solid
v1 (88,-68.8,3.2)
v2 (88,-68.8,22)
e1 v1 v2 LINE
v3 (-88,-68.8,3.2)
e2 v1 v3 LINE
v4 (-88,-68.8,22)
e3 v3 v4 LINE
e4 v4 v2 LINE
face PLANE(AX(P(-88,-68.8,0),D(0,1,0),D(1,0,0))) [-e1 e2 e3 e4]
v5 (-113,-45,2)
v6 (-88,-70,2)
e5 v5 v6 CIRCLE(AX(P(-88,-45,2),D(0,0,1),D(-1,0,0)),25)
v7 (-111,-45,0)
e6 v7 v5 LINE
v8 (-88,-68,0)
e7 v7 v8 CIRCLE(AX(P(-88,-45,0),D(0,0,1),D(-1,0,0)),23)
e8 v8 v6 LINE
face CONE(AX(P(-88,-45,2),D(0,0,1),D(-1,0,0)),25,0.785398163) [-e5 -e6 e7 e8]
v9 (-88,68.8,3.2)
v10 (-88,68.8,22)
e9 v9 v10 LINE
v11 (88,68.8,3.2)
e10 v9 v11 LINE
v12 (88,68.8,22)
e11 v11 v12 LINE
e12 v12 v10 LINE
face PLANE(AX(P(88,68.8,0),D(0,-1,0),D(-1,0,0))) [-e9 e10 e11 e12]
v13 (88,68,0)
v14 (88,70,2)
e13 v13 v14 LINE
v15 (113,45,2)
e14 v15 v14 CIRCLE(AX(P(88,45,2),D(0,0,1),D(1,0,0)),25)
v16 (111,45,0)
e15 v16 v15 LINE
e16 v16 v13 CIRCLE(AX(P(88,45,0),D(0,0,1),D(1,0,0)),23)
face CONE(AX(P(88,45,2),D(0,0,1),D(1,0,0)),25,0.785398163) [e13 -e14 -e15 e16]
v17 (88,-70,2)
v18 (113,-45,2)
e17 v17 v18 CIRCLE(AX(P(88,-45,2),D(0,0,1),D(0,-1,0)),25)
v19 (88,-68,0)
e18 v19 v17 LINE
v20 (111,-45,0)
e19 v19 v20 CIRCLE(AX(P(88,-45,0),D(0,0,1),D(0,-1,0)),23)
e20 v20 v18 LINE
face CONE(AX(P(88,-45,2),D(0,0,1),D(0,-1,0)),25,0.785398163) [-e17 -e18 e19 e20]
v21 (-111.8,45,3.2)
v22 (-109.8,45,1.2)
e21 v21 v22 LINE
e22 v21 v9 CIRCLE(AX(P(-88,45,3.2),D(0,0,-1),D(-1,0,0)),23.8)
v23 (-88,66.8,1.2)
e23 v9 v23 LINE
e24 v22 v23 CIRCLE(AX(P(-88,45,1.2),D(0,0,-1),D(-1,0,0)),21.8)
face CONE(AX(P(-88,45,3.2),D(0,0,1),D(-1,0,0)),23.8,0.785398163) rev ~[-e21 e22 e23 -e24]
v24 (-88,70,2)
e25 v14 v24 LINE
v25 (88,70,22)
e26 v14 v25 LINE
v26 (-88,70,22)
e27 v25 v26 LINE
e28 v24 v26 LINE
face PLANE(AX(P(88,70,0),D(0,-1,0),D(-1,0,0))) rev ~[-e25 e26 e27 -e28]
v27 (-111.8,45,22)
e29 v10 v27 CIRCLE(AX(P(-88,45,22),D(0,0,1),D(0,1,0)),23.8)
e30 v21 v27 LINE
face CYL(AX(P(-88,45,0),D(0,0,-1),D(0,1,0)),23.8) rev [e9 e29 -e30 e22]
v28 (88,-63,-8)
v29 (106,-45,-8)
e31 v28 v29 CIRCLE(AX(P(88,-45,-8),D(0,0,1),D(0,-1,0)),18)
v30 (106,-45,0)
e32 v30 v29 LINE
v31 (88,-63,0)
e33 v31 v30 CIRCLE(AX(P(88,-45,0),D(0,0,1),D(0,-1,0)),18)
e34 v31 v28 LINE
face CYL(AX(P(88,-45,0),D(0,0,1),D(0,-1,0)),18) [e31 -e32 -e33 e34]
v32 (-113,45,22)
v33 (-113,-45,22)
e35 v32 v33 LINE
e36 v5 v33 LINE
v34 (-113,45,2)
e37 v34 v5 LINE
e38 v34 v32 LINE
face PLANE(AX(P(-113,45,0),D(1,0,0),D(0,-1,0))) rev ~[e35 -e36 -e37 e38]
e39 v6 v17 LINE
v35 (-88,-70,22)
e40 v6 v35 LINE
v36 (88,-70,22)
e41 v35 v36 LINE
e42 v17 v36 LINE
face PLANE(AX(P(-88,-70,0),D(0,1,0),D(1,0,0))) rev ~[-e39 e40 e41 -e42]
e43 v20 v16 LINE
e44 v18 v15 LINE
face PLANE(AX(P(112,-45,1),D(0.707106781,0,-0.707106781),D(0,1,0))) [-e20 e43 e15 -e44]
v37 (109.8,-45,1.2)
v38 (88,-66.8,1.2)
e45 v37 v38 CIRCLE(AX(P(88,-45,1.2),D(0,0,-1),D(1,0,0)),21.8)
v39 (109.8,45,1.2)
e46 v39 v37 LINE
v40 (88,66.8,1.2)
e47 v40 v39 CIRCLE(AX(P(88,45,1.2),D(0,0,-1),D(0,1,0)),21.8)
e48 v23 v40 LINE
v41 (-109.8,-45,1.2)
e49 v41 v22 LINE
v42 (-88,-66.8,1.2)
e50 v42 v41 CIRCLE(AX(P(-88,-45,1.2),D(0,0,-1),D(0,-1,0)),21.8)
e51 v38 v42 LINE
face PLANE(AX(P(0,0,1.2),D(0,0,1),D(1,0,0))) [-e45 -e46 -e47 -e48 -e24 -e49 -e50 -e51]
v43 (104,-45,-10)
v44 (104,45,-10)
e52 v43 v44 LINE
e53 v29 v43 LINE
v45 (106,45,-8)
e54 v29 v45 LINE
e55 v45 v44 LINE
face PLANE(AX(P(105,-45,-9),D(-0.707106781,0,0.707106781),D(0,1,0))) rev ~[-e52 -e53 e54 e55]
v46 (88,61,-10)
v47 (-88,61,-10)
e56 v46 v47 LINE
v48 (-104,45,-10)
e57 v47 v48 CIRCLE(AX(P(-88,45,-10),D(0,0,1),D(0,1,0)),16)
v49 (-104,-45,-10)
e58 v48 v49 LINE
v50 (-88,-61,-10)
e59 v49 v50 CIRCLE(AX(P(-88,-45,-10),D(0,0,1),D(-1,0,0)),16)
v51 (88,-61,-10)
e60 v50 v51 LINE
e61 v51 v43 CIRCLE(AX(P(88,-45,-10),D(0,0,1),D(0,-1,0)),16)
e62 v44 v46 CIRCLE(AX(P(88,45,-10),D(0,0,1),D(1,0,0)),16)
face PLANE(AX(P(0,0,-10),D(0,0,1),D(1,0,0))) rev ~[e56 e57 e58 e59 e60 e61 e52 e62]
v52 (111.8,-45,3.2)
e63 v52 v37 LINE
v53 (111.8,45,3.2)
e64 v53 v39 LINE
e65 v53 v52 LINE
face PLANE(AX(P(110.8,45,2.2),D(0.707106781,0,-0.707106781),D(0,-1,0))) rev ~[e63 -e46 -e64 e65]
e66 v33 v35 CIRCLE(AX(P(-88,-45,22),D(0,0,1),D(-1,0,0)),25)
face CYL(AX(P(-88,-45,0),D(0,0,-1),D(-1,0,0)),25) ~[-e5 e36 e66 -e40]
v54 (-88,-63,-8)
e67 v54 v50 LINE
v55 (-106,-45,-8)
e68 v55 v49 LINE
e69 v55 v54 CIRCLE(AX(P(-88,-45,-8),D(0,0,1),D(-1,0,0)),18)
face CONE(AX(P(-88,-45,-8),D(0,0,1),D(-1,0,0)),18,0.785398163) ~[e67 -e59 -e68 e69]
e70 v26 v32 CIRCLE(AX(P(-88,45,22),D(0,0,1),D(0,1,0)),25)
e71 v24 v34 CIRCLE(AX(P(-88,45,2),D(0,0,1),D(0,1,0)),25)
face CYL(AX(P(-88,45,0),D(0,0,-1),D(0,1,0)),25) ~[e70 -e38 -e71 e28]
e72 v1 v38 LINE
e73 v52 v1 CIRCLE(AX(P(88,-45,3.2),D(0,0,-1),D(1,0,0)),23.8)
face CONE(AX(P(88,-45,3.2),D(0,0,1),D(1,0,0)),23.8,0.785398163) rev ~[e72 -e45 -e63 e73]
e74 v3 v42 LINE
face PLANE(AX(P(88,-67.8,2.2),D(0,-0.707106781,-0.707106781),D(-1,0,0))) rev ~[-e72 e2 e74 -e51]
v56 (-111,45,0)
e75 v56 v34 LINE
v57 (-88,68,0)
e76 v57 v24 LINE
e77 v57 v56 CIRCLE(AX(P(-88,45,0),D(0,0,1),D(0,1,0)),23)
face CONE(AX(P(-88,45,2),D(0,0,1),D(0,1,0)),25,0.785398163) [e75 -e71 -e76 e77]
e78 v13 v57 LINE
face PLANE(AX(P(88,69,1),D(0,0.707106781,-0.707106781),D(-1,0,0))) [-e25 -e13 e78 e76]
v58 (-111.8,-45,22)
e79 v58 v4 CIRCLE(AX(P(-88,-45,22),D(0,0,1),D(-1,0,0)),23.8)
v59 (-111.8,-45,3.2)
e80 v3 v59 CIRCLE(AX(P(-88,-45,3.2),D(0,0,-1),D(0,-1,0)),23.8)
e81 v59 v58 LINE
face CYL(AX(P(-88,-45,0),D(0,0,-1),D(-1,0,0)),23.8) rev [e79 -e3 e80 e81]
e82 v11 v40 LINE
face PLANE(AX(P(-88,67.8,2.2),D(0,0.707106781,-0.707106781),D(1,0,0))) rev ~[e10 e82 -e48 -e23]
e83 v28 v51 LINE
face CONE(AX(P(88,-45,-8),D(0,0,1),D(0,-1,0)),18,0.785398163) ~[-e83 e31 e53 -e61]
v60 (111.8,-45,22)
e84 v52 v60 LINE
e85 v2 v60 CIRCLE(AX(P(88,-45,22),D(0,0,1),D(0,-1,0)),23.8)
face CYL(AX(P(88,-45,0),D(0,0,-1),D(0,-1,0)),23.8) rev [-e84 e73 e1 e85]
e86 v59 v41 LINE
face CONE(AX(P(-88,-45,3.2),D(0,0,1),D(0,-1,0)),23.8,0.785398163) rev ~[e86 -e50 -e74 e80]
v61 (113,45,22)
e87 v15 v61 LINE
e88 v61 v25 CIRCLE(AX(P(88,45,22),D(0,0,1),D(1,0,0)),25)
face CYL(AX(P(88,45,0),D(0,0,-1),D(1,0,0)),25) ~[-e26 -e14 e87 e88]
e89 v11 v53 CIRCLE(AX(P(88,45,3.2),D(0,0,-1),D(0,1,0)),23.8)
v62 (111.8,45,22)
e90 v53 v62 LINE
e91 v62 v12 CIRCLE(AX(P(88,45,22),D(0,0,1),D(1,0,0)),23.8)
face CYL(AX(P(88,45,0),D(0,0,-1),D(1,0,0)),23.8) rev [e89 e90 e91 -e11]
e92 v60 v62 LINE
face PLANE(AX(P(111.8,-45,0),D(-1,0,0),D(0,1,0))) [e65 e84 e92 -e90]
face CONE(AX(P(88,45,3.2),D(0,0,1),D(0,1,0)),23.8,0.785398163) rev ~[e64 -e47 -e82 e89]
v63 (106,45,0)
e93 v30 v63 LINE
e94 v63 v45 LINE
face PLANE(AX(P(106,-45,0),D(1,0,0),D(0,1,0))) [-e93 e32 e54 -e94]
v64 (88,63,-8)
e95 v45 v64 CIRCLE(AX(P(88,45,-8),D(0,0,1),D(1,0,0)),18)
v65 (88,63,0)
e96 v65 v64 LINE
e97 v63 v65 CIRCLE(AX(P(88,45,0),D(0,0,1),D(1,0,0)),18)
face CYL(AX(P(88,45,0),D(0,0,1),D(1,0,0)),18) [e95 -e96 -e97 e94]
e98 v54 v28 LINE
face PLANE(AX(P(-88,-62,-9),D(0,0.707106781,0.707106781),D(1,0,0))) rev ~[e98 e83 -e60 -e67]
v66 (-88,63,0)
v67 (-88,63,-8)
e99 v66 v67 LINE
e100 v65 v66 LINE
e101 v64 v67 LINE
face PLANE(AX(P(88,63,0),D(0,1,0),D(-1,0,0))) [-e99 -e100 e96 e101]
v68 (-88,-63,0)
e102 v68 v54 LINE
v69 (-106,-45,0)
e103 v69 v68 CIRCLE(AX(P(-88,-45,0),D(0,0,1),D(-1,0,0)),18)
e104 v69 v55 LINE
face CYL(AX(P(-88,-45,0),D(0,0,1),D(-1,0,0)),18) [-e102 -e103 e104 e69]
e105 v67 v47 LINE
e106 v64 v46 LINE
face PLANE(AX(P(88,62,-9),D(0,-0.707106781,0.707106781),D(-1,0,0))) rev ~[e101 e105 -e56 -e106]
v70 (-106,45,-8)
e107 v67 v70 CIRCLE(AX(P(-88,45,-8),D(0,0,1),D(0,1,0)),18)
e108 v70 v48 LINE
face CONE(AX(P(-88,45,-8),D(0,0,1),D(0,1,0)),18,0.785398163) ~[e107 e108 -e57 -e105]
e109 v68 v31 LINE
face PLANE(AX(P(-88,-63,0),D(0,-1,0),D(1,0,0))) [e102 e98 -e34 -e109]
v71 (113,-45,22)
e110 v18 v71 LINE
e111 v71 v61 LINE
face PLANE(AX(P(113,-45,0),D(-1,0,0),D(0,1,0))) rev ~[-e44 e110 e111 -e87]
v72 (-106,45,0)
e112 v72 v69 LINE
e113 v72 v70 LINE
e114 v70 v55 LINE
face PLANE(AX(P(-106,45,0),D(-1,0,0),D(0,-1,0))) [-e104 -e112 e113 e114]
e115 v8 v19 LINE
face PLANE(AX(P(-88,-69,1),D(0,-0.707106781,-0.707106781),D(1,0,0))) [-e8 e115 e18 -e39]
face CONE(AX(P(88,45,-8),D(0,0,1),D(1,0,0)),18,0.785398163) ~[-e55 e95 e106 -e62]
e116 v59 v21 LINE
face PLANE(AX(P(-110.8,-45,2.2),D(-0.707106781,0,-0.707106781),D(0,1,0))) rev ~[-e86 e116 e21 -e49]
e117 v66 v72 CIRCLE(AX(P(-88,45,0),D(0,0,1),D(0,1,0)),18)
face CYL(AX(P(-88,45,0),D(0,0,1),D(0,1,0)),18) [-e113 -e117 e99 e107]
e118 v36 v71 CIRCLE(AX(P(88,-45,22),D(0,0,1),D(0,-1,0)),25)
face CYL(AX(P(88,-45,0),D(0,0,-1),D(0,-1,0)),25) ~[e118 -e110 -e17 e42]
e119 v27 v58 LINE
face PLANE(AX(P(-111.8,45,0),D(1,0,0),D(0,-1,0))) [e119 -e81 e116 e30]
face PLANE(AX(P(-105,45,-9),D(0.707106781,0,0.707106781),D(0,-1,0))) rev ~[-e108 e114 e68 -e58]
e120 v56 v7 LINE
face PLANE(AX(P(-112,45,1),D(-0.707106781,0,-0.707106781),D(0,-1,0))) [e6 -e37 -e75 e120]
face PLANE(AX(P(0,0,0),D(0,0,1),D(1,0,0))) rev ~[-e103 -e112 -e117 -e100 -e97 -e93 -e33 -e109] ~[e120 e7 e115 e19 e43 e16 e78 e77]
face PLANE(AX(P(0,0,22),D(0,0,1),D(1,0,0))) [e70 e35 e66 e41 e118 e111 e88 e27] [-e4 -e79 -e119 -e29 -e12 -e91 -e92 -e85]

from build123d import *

# Parameters (mm, degrees)
F1_DEPTH = 22
F2_T     = -1.2
F3_DEPTH = 10
F4_SIZE  = 2
F5_SIZE  = 2


with BuildPart() as f1:
    # F0 (on Top) → F1 (new body)
    with BuildSketch(Plane.XY):
        with BuildLine():
            ThreePointArc((113, 45), (105.6776695297, 62.6776695297), (88, 70))
            Line((88, 70), (-88, 70))
            ThreePointArc((-88, 70), (-105.6776695297, 62.6776695297), (-113, 45))
            Line((-113, 45), (-113, -45))
            ThreePointArc((-113, -45), (-105.6776695297, -62.6776695297), (-88, -70))
            Line((-88, -70), (88, -70))
            ThreePointArc((88, -70), (105.6776695297, -62.6776695297), (113, -45))
            Line((113, -45), (113, 45))
        make_face()
        with BuildLine():
            ThreePointArc((106, -45), (100.7279220614, -57.7279220614), (88, -63))
            Line((88, -63), (-88, -63))
            ThreePointArc((-88, -63), (-100.7279220614, -57.7279220614), (-106, -45))
            Line((-106, -45), (-106, 45))
            ThreePointArc((-106, 45), (-100.7279220614, 57.7279220614), (-88, 63))
            Line((-88, 63), (88, 63))
            ThreePointArc((88, 63), (100.7279220614, 57.7279220614), (106, 45))
            Line((106, 45), (106, -45))
        make_face(mode=Mode.SUBTRACT)
        with BuildLine():
            Line((-88, -63), (88, -63))
            ThreePointArc((88, -63), (100.7279220614, -57.7279220614), (106, -45))
            Line((106, -45), (106, 45))
            ThreePointArc((106, 45), (100.7279220614, 57.7279220614), (88, 63))
            Line((88, 63), (-88, 63))
            ThreePointArc((-88, 63), (-100.7279220614, 57.7279220614), (-106, 45))
            Line((-106, 45), (-106, -45))
            ThreePointArc((-106, -45), (-100.7279220614, -57.7279220614), (-88, -63))
        make_face()
        with BuildLine():
            ThreePointArc((103.6, -45), (99.0308657865, -56.0308657865), (88, -60.6))
            Line((88, -60.6), (-88, -60.6))
            ThreePointArc((-88, -60.6), (-99.0308657865, -56.0308657865), (-103.6, -45))
            Line((-103.6, -45), (-103.6, 45))
            ThreePointArc((-103.6, 45), (-99.0308657865, 56.0308657865), (-88, 60.6))
            Line((-88, 60.6), (88, 60.6))
            ThreePointArc((88, 60.6), (99.0308657865, 56.0308657865), (103.6, 45))
            Line((103.6, 45), (103.6, -45))
        make_face(mode=Mode.SUBTRACT)
        with BuildLine():
            Line((-88, -60.6), (88, -60.6))
            ThreePointArc((88, -60.6), (99.0308657865, -56.0308657865), (103.6, -45))
            Line((103.6, -45), (103.6, 45))
            ThreePointArc((103.6, 45), (99.0308657865, 56.0308657865), (88, 60.6))
            Line((88, 60.6), (-88, 60.6))
            ThreePointArc((-88, 60.6), (-99.0308657865, 56.0308657865), (-103.6, 45))
            Line((-103.6, 45), (-103.6, -45))
            ThreePointArc((-103.6, -45), (-99.0308657865, -56.0308657865), (-88, -60.6))
        make_face()
    extrude(amount=F1_DEPTH)

    # F2
    f2_openings = [f1.faces().sort_by_distance(p)[0] for p in [
        (0, 0, 22),
    ]]
    offset(amount=F2_T, openings=f2_openings)

    # F0 (on Top) → F3 (join)
    with BuildSketch(Plane.XY):
        with BuildLine():
            Line((-88, -63), (88, -63))
            ThreePointArc((88, -63), (100.7279220614, -57.7279220614), (106, -45))
            Line((106, -45), (106, 45))
            ThreePointArc((106, 45), (100.7279220614, 57.7279220614), (88, 63))
            Line((88, 63), (-88, 63))
            ThreePointArc((-88, 63), (-100.7279220614, 57.7279220614), (-106, 45))
            Line((-106, 45), (-106, -45))
            ThreePointArc((-106, -45), (-100.7279220614, -57.7279220614), (-88, -63))
        make_face()
        with BuildLine():
            ThreePointArc((103.6, -45), (99.0308657865, -56.0308657865), (88, -60.6))
            Line((88, -60.6), (-88, -60.6))
            ThreePointArc((-88, -60.6), (-99.0308657865, -56.0308657865), (-103.6, -45))
            Line((-103.6, -45), (-103.6, 45))
            ThreePointArc((-103.6, 45), (-99.0308657865, 56.0308657865), (-88, 60.6))
            Line((-88, 60.6), (88, 60.6))
            ThreePointArc((88, 60.6), (99.0308657865, 56.0308657865), (103.6, 45))
            Line((103.6, 45), (103.6, -45))
        make_face(mode=Mode.SUBTRACT)
        with BuildLine():
            Line((-88, -60.6), (88, -60.6))
            ThreePointArc((88, -60.6), (99.0308657865, -56.0308657865), (103.6, -45))
            Line((103.6, -45), (103.6, 45))
            ThreePointArc((103.6, 45), (99.0308657865, 56.0308657865), (88, 60.6))
            Line((88, 60.6), (-88, 60.6))
            ThreePointArc((-88, 60.6), (-99.0308657865, 56.0308657865), (-103.6, 45))
            Line((-103.6, 45), (-103.6, -45))
            ThreePointArc((-103.6, -45), (-99.0308657865, -56.0308657865), (-88, -60.6))
        make_face()
    extrude(amount=-F3_DEPTH)

    # F4
    f4_edges = [f1.edges().sort_by_distance(p)[0] for p in [
        (0, -63, -10),
        (100.727922, -57.727922, -10),
        (106, 0, -10),
        (100.727922, 57.727922, -10),
        (0, 63, -10),
        (-100.727922, 57.727922, -10),
        (-106, 0, -10),
        (-100.727922, -57.727922, -10),
        (-113, 0, 0),
        (-105.67767, -62.67767, 0),
        (0, -70, 0),
        (-105.67767, 62.67767, 0),
        (0, 70, 0),
        (105.67767, 62.67767, 0),
        (105.67767, -62.67767, 0),
        (113, 0, 0),
    ]]
    chamfer(f4_edges, length=F4_SIZE)

    # F5
    f5_edges = [f1.edges().sort_by_distance(p)[0] for p in [
        (104.829141, 61.829141, 1.2),
        (0, 68.8, 1.2),
        (-104.829141, 61.829141, 1.2),
        (-111.8, 0, 1.2),
        (-104.829141, -61.829141, 1.2),
        (0, -68.8, 1.2),
        (104.829141, -61.829141, 1.2),
        (111.8, 0, 1.2),
    ]]
    chamfer(f5_edges, length=F5_SIZE)


solid = f1.part
